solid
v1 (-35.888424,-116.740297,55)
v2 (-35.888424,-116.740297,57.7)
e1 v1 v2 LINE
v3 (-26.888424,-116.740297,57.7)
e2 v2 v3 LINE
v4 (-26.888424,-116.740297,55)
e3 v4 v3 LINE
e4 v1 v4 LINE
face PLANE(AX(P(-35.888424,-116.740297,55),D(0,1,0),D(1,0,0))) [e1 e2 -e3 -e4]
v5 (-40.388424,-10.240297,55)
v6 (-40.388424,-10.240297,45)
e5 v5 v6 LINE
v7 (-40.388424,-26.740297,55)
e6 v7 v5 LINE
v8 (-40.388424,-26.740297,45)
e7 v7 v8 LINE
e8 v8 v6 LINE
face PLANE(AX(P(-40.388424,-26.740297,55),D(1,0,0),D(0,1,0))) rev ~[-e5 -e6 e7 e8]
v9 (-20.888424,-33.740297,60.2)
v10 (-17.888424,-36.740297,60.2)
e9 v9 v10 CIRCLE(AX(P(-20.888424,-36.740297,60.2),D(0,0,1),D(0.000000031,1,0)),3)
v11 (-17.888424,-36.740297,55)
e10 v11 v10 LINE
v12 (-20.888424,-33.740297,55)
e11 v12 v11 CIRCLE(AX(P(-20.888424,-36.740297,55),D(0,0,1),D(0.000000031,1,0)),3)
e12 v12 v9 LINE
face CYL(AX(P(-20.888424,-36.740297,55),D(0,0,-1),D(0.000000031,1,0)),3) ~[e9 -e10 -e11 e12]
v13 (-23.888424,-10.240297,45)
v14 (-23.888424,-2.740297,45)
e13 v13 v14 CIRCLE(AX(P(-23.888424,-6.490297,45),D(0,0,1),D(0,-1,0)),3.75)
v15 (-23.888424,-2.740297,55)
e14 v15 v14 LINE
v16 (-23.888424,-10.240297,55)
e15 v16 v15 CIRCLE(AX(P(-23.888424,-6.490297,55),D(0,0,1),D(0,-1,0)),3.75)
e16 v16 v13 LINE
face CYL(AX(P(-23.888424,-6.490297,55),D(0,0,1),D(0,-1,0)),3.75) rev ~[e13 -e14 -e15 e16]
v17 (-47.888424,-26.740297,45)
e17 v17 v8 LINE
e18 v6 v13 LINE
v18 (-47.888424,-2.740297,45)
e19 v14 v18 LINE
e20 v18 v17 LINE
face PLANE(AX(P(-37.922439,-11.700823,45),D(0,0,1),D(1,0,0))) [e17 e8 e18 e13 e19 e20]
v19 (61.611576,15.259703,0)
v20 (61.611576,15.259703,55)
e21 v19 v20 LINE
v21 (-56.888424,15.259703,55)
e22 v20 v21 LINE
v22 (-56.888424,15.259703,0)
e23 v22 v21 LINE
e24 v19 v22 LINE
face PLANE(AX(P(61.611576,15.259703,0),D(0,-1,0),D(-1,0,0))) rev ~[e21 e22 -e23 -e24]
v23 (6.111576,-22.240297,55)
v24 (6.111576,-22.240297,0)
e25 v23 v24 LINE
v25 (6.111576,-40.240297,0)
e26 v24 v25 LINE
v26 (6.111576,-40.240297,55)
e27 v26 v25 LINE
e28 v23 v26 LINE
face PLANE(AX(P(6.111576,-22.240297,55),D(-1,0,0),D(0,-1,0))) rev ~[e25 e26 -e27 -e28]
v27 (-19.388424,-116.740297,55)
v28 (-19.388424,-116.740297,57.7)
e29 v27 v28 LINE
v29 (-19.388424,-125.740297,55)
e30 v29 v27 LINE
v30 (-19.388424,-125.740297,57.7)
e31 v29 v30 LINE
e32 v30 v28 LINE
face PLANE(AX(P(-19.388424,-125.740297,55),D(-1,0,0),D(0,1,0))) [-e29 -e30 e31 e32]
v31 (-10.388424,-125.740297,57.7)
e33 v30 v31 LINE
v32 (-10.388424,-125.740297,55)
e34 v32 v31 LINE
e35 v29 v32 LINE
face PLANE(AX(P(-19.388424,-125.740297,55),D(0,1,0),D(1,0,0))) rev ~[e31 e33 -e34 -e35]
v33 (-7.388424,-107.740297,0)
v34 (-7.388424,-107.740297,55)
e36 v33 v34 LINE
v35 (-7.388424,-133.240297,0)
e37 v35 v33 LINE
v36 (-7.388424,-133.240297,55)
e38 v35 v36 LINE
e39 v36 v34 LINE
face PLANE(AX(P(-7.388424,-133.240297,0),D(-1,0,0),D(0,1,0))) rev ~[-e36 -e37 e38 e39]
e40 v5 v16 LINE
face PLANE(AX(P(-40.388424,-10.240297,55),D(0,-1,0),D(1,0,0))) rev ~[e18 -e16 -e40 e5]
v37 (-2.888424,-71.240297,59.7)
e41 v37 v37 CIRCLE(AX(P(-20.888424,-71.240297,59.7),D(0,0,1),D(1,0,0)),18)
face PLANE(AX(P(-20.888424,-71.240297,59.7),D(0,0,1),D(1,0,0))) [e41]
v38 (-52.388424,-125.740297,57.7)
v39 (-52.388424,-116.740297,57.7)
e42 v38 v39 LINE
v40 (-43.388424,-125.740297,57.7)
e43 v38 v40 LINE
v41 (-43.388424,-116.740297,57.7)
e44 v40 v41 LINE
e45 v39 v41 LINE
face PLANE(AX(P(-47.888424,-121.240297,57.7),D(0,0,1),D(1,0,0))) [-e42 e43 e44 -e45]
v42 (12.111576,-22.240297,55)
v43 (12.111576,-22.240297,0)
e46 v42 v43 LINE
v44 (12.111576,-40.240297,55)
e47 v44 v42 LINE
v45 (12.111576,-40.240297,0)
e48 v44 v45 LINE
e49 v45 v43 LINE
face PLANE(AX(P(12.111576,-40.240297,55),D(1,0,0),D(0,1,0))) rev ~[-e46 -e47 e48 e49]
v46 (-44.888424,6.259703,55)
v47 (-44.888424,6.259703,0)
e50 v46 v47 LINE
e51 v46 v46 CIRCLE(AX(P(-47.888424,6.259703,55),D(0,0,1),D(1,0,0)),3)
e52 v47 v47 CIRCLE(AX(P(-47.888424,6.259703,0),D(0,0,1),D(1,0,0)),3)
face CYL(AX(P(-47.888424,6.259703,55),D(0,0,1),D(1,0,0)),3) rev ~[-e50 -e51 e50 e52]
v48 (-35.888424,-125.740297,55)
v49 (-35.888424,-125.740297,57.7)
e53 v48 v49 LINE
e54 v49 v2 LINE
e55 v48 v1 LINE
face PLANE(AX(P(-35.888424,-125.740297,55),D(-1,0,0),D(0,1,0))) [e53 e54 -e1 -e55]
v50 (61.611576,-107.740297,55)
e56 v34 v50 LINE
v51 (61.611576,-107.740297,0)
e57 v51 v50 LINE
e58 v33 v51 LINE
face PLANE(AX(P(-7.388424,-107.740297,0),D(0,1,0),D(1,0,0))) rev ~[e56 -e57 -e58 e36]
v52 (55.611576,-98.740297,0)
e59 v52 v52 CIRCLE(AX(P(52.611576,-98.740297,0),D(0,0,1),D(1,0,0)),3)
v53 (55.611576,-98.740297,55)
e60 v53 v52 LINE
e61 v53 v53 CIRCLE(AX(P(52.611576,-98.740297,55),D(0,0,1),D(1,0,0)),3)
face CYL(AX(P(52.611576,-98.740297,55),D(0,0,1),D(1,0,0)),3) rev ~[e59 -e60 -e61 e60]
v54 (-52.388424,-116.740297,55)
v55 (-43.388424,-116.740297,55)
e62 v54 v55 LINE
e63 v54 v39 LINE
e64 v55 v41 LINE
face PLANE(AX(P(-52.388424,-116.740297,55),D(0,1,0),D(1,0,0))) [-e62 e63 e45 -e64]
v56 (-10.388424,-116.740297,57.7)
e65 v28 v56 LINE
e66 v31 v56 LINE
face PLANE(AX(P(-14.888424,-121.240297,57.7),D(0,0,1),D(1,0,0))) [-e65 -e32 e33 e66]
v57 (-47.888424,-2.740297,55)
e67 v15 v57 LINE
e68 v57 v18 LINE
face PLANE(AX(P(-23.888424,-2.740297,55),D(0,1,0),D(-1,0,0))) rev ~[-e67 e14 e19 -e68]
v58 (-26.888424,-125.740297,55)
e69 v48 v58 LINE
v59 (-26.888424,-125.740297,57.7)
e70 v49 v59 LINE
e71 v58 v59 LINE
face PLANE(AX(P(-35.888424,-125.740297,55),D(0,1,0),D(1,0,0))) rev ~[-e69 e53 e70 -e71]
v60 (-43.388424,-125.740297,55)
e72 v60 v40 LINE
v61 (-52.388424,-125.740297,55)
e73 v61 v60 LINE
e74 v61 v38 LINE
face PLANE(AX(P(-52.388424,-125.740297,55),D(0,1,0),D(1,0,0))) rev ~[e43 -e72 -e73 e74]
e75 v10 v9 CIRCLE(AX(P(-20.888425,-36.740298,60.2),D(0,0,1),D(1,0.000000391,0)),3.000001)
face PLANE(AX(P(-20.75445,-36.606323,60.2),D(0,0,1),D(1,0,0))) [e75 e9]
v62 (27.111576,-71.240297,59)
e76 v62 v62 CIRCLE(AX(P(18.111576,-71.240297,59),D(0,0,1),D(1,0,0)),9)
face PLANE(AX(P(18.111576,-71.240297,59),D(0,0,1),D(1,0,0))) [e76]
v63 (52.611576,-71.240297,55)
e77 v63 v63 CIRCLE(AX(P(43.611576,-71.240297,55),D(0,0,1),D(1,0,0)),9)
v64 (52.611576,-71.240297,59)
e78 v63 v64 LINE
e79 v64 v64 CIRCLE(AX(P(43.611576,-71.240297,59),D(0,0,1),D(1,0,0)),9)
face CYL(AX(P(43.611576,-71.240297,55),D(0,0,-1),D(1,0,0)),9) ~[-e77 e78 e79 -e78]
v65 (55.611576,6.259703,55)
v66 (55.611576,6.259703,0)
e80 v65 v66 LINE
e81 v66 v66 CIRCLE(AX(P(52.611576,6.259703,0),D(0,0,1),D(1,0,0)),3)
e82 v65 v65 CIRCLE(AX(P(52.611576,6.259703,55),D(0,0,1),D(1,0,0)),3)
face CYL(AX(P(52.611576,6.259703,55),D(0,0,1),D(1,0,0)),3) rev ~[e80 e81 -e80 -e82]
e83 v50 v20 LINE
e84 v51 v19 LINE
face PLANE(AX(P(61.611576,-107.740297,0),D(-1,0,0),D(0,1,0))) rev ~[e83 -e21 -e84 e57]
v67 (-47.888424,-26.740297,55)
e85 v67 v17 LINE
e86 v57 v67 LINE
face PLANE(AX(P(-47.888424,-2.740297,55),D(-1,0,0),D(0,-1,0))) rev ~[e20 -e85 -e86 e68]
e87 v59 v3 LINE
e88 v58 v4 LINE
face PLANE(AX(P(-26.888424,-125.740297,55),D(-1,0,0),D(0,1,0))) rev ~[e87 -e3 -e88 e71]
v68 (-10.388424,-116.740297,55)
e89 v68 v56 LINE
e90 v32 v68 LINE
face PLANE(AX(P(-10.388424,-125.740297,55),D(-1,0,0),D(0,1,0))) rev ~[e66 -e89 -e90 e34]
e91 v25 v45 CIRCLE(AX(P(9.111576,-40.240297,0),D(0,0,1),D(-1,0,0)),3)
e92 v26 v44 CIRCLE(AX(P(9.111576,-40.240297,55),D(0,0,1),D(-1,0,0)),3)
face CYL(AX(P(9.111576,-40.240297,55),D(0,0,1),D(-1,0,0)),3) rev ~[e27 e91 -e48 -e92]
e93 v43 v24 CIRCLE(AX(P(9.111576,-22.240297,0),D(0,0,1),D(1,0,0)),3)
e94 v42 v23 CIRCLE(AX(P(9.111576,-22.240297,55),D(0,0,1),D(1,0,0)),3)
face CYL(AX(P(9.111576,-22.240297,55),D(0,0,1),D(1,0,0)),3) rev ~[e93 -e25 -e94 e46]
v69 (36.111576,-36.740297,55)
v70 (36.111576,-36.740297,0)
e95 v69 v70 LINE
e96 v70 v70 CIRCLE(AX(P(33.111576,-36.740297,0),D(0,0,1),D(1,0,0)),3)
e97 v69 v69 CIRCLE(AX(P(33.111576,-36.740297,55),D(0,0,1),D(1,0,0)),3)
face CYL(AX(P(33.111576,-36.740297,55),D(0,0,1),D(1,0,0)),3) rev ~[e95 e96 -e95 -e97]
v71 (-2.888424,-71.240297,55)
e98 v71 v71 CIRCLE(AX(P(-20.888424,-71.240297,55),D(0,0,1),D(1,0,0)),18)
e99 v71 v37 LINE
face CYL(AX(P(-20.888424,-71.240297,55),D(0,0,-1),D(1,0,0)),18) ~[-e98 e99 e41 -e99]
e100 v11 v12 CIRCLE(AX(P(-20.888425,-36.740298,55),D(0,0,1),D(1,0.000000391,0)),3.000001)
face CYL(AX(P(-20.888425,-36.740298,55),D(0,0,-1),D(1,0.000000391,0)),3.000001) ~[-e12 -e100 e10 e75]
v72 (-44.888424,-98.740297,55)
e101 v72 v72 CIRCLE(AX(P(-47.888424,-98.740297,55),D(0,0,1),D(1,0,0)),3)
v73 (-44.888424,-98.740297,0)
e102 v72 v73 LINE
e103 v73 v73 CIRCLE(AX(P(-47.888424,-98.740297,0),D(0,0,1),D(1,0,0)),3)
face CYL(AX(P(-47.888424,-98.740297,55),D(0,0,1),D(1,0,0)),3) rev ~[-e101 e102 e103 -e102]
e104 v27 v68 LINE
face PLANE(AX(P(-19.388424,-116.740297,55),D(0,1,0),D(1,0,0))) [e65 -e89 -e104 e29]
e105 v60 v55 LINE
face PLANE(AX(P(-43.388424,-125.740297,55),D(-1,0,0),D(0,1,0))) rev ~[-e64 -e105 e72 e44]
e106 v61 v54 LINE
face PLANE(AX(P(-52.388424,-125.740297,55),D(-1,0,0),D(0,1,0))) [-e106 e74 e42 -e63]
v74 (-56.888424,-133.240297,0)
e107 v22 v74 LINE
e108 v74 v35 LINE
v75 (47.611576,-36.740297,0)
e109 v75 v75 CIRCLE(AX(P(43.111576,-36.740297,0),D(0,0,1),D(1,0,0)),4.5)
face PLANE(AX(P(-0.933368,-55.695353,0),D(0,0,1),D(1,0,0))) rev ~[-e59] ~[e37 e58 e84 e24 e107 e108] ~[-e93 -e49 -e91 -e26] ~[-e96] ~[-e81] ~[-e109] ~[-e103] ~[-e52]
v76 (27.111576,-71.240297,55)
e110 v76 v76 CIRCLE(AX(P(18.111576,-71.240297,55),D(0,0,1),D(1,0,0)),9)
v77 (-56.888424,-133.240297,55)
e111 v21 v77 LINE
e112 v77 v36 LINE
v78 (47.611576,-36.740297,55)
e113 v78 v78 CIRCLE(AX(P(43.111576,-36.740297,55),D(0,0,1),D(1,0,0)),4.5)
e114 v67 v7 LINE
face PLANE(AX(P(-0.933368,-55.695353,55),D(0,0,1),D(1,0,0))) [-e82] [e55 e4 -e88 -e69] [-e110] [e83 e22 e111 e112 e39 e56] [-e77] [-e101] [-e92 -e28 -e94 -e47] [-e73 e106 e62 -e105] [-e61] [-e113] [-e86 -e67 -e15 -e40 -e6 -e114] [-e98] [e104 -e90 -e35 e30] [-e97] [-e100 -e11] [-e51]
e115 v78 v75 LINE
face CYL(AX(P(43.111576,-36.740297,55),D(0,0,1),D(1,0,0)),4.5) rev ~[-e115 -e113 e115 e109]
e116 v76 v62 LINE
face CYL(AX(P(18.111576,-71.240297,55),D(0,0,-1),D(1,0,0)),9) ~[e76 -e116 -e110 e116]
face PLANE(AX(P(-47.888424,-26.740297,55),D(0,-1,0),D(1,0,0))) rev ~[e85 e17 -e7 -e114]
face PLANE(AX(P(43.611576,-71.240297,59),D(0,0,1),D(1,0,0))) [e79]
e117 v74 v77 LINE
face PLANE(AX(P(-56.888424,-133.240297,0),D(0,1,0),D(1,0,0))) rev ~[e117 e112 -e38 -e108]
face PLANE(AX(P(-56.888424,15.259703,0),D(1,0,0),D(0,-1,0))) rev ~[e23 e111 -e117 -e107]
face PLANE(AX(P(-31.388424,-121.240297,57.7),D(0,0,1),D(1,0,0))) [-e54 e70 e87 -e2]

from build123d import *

# Parameters (mm, degrees)
F1_DEPTH  = 55
F2_R      = 3
F3_DEPTH  = 55.001
F4_R      = 18
F5_DEPTH  = 4.7
F6_R      = 9
F7_DEPTH  = 4
F9_DEPTH  = 55.001
F10_R     = 3
F10_R_2   = 4.5
F11_DEPTH = 55.001
F13_DEPTH = 10
F15_DEPTH = 5.2
F16_W     = 9
F16_H     = 9
F17_DEPTH = 2.7


with BuildPart() as f1:
    # F0 (on Top) → F1 (new body)
    with BuildSketch(Plane.XY):
        Polygon((61.611576, 15.259703), (-56.888424, 15.259703), (-56.888424, -133.240297), (-7.388424, -133.240297), (-7.388424, -107.740297), (61.611576, -107.740297), align=None)
    extrude(amount=F1_DEPTH)

    # F2 (on face) → F3 (cut, through all)
    with BuildSketch(Plane.XY.offset(55)):
        with Locations((-47.888424, -98.740297)):
            Circle(F2_R)
        with Locations((52.611576, -98.740297)):
            Circle(F2_R)
        with BuildLine():
            ThreePointArc((49.611576, 6.259703), (52.611576, 3.259703), (55.611576, 6.259703))
            ThreePointArc((55.611576, 6.259703), (52.611576, 9.259703), (49.611576, 6.259703))
        make_face()
        with Locations((-47.888424, 6.259703)):
            Circle(F2_R)
    extrude(amount=-F3_DEPTH, mode=Mode.SUBTRACT)

    # F4 (on face) → F5 (join)
    with BuildSketch(Plane.XY.offset(55)):
        with Locations((-20.888424, -71.240297)):
            Circle(F4_R)
    extrude(amount=F5_DEPTH)

    # F6 (on face) → F7 (join)
    with BuildSketch(Plane.XY.offset(55)):
        with Locations((18.111576, -71.240297)):
            Circle(F6_R)
        with Locations((43.611576, -71.240297)):
            Circle(F6_R)
    extrude(amount=F7_DEPTH)

    # F8 (on face) → F9 (cut, through all)
    with BuildSketch(Plane.XY.offset(55)):
        with BuildLine():
            Line((12.111576, -40.240297), (12.111576, -22.240297))
            ThreePointArc((12.111576, -22.240297), (9.111576, -19.240297), (6.111576, -22.240297))
            Line((6.111576, -22.240297), (6.111576, -40.240297))
            ThreePointArc((6.111576, -40.240297), (9.111576, -43.240297), (12.111576, -40.240297))
        make_face()
    extrude(amount=-F9_DEPTH, mode=Mode.SUBTRACT)

    # F10 (on face) → F11 (cut, through all)
    with BuildSketch(Plane.XY.offset(55)):
        with Locations((33.111576, -36.740297)):
            Circle(F10_R)
        with Locations((43.111576, -36.740297)):
            Circle(F10_R_2)
    extrude(amount=-F11_DEPTH, mode=Mode.SUBTRACT)

    # F12 (on face) → F13 (cut)
    with BuildSketch(Plane.XY.offset(55)):
        with BuildLine():
            Line((-23.888424, -2.740297), (-47.888424, -2.740297))
            Line((-47.888424, -2.740297), (-47.888424, -26.740297))
            Line((-47.888424, -26.740297), (-40.388424, -26.740297))
            Line((-40.388424, -26.740297), (-40.388424, -10.240297))
            Line((-40.388424, -10.240297), (-23.888424, -10.240297))
            ThreePointArc((-23.888424, -10.240297), (-20.138424, -6.490297), (-23.888424, -2.740297))
        make_face()
    extrude(amount=-F13_DEPTH, mode=Mode.SUBTRACT)

    # F14 (on face) → F15 (join)
    with BuildSketch(Plane.XY.offset(55)):
        with BuildLine():
            ThreePointArc((-20.888424, -33.740297), (-23.009744, -38.861618), (-17.888424, -36.740297))
            ThreePointArc((-17.888424, -36.740297), (-18.767104, -34.618977), (-20.888424, -33.740297))
        make_face()
    extrude(amount=F15_DEPTH)

    # F16 (on face) → F17 (join)
    with BuildSketch(Plane.XY.offset(55)):
        with Locations((-47.888424, -121.240297)):
            Rectangle(F16_W, F16_H)
        with Locations((-31.388424, -121.240297)):
            Rectangle(F16_W, F16_H)
        with Locations((-14.888424, -121.240297)):
            Rectangle(F16_W, F16_H)
    extrude(amount=F17_DEPTH)


solid = f1.part
